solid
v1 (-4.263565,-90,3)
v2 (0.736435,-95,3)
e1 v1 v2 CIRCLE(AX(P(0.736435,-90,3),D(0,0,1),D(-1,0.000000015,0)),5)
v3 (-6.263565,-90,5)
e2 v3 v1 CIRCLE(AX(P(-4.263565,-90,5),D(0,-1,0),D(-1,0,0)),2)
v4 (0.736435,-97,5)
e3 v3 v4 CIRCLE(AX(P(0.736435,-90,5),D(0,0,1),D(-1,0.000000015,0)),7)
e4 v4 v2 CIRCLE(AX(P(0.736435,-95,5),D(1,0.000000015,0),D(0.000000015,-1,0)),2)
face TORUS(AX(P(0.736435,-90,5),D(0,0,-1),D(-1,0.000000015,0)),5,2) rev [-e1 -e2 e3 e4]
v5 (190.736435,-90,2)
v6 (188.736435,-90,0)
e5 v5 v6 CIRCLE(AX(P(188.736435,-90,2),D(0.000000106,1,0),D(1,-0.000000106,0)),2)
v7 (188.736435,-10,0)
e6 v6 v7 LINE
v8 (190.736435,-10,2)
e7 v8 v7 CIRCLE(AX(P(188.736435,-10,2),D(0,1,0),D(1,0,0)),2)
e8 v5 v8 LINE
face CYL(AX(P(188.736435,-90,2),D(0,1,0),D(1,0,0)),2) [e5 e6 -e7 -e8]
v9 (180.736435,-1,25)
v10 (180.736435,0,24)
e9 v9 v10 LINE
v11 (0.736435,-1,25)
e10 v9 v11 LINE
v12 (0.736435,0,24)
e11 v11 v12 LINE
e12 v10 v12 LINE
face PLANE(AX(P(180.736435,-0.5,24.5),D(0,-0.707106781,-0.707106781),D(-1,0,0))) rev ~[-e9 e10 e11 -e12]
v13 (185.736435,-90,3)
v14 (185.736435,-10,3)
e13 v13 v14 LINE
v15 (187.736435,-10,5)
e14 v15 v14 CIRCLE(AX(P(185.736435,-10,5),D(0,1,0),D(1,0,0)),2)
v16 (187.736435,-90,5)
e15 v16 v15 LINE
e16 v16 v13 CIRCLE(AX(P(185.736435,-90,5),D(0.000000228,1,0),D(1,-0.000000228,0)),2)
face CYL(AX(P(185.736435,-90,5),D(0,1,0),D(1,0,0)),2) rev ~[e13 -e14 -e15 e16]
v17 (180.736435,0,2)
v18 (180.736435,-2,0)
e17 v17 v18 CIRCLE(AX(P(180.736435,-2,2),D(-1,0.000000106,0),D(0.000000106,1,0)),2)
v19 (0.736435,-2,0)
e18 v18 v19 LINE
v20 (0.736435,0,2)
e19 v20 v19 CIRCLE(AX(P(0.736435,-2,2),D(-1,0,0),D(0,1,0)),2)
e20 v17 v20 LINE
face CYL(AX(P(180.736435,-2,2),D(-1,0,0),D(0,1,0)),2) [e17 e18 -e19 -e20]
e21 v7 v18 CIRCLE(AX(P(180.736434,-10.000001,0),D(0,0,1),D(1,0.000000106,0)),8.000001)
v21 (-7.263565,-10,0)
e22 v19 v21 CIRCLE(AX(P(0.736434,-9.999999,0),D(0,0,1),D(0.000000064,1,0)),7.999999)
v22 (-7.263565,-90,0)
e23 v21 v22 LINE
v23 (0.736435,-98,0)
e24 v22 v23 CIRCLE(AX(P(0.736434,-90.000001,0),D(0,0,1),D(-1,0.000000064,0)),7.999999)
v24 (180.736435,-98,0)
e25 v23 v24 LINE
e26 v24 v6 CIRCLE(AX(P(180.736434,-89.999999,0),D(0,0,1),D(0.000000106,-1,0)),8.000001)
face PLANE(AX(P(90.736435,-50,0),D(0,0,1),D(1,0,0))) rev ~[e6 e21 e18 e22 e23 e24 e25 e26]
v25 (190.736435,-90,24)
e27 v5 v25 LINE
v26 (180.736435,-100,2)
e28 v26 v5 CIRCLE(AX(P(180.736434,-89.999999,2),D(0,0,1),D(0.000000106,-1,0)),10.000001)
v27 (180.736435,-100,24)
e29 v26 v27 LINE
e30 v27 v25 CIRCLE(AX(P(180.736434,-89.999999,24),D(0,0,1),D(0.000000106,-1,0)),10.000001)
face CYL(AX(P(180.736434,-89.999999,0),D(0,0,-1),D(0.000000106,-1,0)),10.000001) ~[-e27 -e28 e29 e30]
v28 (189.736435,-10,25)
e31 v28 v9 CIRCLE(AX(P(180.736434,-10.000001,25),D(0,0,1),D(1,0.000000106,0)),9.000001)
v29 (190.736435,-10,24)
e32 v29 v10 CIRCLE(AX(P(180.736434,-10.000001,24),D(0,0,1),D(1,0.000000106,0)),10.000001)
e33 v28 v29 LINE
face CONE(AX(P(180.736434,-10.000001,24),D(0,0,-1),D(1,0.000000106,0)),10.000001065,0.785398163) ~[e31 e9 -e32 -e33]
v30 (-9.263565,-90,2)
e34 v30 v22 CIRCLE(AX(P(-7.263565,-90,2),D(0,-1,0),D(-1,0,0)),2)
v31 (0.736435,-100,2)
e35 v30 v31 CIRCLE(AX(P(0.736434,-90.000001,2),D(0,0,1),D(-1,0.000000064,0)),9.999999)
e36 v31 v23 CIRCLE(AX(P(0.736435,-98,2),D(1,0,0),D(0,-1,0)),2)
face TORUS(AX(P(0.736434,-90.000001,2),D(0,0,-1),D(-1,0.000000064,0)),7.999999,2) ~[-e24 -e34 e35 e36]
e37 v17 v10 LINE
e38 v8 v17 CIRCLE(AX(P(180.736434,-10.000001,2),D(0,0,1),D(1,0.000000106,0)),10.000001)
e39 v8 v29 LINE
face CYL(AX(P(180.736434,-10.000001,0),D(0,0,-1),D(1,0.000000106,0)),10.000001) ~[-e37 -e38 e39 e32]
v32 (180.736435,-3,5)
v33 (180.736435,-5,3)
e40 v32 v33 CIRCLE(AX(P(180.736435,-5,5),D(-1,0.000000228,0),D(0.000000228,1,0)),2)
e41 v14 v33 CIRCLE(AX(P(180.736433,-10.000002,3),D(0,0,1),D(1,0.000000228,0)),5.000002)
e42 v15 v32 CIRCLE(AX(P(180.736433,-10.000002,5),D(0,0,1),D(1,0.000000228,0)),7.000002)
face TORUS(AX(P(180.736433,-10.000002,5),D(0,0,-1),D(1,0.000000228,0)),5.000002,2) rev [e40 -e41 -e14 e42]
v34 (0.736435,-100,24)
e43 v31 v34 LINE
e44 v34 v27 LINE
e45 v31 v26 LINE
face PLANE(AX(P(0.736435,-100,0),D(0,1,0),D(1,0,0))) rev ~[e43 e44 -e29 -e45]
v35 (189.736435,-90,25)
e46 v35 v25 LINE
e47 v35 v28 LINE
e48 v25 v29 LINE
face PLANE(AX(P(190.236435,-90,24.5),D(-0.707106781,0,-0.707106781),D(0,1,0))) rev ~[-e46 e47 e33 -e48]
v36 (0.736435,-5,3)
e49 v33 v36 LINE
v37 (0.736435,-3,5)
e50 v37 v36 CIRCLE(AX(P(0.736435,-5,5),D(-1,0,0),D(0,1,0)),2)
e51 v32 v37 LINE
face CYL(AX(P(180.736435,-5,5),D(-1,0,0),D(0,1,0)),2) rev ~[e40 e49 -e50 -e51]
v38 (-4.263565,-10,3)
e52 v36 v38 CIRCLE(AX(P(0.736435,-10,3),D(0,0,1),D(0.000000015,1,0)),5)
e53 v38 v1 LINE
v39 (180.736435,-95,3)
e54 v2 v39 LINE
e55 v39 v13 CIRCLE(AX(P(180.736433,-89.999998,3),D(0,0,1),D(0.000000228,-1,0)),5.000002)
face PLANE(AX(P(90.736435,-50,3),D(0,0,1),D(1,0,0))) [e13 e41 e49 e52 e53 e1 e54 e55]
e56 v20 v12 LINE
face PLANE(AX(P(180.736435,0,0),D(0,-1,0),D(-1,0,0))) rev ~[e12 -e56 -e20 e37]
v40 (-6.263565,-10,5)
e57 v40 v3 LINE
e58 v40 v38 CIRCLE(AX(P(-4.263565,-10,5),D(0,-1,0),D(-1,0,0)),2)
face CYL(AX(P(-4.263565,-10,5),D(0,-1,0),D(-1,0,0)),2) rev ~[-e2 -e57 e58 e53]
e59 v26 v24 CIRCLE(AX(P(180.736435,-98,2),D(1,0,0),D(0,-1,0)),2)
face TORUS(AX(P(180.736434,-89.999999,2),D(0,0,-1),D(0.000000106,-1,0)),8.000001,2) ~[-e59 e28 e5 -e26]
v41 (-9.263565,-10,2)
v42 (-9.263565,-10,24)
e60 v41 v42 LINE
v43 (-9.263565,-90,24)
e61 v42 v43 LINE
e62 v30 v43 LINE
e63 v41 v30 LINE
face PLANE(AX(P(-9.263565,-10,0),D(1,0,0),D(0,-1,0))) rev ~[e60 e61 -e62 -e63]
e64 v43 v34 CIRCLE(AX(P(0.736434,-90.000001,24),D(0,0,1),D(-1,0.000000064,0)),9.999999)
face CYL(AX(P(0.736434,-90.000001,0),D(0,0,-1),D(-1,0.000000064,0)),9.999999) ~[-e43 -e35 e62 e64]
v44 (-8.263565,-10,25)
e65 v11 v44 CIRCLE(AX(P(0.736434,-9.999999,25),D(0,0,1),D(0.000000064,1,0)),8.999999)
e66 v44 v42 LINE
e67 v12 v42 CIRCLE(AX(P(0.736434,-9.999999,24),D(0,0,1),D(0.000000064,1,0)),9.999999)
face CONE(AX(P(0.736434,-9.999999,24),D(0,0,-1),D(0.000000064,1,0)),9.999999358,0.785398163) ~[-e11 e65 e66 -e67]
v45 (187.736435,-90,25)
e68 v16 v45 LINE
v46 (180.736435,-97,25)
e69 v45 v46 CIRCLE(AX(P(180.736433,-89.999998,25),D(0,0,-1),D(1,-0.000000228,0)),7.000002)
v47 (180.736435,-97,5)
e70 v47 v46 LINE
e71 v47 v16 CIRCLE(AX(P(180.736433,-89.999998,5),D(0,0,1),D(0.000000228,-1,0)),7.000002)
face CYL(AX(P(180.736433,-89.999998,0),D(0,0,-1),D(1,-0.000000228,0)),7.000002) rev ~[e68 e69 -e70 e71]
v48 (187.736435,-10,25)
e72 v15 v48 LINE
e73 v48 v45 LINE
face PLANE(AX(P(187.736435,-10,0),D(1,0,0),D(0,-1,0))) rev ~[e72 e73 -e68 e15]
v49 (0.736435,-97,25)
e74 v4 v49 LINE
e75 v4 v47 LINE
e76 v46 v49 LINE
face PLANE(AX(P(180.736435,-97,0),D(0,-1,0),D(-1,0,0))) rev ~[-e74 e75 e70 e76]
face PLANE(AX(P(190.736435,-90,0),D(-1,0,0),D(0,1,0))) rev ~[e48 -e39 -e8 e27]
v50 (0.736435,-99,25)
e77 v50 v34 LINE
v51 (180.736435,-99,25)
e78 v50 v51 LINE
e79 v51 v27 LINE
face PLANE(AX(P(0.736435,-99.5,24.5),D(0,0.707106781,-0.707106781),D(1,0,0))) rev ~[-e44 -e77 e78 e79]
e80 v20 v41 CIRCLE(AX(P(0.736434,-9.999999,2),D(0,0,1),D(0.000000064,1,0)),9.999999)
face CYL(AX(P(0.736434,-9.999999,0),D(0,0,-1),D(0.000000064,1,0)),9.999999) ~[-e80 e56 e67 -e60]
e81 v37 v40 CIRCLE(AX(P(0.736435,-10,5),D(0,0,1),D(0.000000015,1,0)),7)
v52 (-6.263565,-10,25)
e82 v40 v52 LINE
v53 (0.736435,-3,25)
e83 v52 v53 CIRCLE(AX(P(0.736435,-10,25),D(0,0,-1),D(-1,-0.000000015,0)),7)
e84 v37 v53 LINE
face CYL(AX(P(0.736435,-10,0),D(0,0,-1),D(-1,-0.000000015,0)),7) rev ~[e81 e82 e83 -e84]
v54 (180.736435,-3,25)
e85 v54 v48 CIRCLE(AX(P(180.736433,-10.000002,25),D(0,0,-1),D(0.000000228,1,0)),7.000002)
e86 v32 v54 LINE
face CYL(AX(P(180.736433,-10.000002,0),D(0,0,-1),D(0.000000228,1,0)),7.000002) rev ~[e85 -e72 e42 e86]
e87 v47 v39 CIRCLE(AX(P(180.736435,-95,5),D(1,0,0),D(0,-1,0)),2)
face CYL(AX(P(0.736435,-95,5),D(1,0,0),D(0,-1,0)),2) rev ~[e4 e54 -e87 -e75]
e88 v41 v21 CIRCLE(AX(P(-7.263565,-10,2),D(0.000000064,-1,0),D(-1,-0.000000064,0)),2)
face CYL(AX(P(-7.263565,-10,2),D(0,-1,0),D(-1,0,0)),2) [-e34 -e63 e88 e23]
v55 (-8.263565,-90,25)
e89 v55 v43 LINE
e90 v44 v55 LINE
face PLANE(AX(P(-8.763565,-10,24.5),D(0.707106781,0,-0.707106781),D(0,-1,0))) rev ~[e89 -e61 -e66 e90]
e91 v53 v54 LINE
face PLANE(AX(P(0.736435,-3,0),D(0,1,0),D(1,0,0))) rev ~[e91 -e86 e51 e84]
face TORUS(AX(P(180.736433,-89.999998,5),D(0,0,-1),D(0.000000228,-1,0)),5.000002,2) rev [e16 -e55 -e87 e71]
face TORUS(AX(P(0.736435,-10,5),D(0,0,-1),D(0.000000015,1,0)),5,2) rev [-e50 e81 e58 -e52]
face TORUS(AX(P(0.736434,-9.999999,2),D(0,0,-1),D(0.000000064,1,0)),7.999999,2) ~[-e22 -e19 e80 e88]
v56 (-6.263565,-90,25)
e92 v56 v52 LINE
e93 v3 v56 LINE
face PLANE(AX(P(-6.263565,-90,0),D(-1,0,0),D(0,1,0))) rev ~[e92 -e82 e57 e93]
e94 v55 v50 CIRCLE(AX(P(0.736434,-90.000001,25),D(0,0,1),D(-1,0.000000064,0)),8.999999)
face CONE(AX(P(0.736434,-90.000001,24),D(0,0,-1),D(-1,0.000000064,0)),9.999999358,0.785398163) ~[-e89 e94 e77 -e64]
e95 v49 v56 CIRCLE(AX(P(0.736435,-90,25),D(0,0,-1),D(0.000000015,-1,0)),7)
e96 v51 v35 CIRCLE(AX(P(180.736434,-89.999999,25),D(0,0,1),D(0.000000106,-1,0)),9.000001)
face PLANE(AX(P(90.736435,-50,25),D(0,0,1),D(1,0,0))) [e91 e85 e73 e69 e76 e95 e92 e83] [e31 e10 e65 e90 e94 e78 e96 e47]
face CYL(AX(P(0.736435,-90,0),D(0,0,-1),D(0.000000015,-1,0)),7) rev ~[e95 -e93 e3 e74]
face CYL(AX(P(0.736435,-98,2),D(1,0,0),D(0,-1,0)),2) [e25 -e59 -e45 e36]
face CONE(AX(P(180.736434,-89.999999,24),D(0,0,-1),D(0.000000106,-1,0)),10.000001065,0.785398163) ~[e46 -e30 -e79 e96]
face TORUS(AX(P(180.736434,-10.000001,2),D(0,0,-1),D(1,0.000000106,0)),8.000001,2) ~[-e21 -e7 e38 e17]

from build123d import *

# Parameters (mm, degrees)
F1_DEPTH = 25
F2_DEPTH = 3
F3_R     = 2
F4_R     = 2
F5_SIZE  = 1


with BuildPart() as f1:
    # F0 (on Top) → F1 (new body)
    with BuildSketch(Plane.XY):
        with BuildLine():
            Line((180.736435, 0), (0.736435, 0))
            ThreePointArc((0.736435, 0), (-6.334633, -2.928932), (-9.263565, -10))
            Line((-9.263565, -10), (-9.263565, -90))
            ThreePointArc((-9.263565, -90), (-6.334633, -97.071068), (0.736435, -100))
            Line((0.736435, -100), (180.736435, -100))
            ThreePointArc((180.736435, -100), (187.807502, -97.071068), (190.736435, -90))
            Line((190.736435, -90), (190.736435, -10))
            ThreePointArc((190.736435, -10), (187.807502, -2.928932), (180.736435, 0))
        make_face()
        with BuildLine():
            ThreePointArc((-6.263565, -10), (-4.213313, -5.050253), (0.736435, -3))
            Line((0.736435, -3), (180.736435, -3))
            ThreePointArc((180.736435, -3), (185.686182, -5.050253), (187.736435, -10))
            Line((187.736435, -10), (187.736435, -90))
            ThreePointArc((187.736435, -90), (185.686182, -94.949747), (180.736435, -97))
            Line((180.736435, -97), (0.736435, -97))
            ThreePointArc((0.736435, -97), (-4.213313, -94.949747), (-6.263565, -90))
            Line((-6.263565, -90), (-6.263565, -10))
        make_face(mode=Mode.SUBTRACT)
    extrude(amount=F1_DEPTH)

    # F0 (on Top) → F2 (join)
    with BuildSketch(Plane.XY):
        with BuildLine():
            Line((180.736435, -3), (0.736435, -3))
            ThreePointArc((0.736435, -3), (-4.213313, -5.050253), (-6.263565, -10))
            Line((-6.263565, -10), (-6.263565, -90))
            ThreePointArc((-6.263565, -90), (-4.213313, -94.949747), (0.736435, -97))
            Line((0.736435, -97), (180.736435, -97))
            ThreePointArc((180.736435, -97), (185.686182, -94.949747), (187.736435, -90))
            Line((187.736435, -90), (187.736435, -10))
            ThreePointArc((187.736435, -10), (185.686182, -5.050253), (180.736435, -3))
        make_face()
    extrude(amount=F2_DEPTH)

    # F3
    f3_edges = [f1.edges().sort_by_distance(p)[0] for p in [
        (-6.263565, -50, 3),
        (-4.213313, -5.050253, 3),
        (90.736435, -3, 3),
        (-4.213313, -94.949747, 3),
        (90.736435, -97, 3),
        (185.686182, -94.949747, 3),
        (187.736435, -50, 3),
        (185.686182, -5.050253, 3),
    ]]
    fillet(f3_edges, radius=F3_R)

    # F4
    f4_edges = [f1.edges().sort_by_distance(p)[0] for p in [
        (90.736435, -100, 0),
        (187.807502, -2.928932, 0),
        (90.736435, 0, 0),
        (-6.334633, -2.928932, 0),
        (-9.263565, -50, 0),
        (-6.334633, -97.071068, 0),
        (187.807502, -97.071068, 0),
        (190.736435, -50, 0),
    ]]
    fillet(f4_edges, radius=F4_R)

    # F5
    f5_edges = [f1.edges().sort_by_distance(p)[0] for p in [
        (-9.263565, -50, 25),
        (-6.334633, -97.071068, 25),
        (90.736435, -100, 25),
        (187.807502, -97.071068, 25),
        (190.736435, -50, 25),
        (187.807502, -2.928932, 25),
        (90.736435, 0, 25),
    ]]
    chamfer(f5_edges, length=F5_SIZE)


solid = f1.part
